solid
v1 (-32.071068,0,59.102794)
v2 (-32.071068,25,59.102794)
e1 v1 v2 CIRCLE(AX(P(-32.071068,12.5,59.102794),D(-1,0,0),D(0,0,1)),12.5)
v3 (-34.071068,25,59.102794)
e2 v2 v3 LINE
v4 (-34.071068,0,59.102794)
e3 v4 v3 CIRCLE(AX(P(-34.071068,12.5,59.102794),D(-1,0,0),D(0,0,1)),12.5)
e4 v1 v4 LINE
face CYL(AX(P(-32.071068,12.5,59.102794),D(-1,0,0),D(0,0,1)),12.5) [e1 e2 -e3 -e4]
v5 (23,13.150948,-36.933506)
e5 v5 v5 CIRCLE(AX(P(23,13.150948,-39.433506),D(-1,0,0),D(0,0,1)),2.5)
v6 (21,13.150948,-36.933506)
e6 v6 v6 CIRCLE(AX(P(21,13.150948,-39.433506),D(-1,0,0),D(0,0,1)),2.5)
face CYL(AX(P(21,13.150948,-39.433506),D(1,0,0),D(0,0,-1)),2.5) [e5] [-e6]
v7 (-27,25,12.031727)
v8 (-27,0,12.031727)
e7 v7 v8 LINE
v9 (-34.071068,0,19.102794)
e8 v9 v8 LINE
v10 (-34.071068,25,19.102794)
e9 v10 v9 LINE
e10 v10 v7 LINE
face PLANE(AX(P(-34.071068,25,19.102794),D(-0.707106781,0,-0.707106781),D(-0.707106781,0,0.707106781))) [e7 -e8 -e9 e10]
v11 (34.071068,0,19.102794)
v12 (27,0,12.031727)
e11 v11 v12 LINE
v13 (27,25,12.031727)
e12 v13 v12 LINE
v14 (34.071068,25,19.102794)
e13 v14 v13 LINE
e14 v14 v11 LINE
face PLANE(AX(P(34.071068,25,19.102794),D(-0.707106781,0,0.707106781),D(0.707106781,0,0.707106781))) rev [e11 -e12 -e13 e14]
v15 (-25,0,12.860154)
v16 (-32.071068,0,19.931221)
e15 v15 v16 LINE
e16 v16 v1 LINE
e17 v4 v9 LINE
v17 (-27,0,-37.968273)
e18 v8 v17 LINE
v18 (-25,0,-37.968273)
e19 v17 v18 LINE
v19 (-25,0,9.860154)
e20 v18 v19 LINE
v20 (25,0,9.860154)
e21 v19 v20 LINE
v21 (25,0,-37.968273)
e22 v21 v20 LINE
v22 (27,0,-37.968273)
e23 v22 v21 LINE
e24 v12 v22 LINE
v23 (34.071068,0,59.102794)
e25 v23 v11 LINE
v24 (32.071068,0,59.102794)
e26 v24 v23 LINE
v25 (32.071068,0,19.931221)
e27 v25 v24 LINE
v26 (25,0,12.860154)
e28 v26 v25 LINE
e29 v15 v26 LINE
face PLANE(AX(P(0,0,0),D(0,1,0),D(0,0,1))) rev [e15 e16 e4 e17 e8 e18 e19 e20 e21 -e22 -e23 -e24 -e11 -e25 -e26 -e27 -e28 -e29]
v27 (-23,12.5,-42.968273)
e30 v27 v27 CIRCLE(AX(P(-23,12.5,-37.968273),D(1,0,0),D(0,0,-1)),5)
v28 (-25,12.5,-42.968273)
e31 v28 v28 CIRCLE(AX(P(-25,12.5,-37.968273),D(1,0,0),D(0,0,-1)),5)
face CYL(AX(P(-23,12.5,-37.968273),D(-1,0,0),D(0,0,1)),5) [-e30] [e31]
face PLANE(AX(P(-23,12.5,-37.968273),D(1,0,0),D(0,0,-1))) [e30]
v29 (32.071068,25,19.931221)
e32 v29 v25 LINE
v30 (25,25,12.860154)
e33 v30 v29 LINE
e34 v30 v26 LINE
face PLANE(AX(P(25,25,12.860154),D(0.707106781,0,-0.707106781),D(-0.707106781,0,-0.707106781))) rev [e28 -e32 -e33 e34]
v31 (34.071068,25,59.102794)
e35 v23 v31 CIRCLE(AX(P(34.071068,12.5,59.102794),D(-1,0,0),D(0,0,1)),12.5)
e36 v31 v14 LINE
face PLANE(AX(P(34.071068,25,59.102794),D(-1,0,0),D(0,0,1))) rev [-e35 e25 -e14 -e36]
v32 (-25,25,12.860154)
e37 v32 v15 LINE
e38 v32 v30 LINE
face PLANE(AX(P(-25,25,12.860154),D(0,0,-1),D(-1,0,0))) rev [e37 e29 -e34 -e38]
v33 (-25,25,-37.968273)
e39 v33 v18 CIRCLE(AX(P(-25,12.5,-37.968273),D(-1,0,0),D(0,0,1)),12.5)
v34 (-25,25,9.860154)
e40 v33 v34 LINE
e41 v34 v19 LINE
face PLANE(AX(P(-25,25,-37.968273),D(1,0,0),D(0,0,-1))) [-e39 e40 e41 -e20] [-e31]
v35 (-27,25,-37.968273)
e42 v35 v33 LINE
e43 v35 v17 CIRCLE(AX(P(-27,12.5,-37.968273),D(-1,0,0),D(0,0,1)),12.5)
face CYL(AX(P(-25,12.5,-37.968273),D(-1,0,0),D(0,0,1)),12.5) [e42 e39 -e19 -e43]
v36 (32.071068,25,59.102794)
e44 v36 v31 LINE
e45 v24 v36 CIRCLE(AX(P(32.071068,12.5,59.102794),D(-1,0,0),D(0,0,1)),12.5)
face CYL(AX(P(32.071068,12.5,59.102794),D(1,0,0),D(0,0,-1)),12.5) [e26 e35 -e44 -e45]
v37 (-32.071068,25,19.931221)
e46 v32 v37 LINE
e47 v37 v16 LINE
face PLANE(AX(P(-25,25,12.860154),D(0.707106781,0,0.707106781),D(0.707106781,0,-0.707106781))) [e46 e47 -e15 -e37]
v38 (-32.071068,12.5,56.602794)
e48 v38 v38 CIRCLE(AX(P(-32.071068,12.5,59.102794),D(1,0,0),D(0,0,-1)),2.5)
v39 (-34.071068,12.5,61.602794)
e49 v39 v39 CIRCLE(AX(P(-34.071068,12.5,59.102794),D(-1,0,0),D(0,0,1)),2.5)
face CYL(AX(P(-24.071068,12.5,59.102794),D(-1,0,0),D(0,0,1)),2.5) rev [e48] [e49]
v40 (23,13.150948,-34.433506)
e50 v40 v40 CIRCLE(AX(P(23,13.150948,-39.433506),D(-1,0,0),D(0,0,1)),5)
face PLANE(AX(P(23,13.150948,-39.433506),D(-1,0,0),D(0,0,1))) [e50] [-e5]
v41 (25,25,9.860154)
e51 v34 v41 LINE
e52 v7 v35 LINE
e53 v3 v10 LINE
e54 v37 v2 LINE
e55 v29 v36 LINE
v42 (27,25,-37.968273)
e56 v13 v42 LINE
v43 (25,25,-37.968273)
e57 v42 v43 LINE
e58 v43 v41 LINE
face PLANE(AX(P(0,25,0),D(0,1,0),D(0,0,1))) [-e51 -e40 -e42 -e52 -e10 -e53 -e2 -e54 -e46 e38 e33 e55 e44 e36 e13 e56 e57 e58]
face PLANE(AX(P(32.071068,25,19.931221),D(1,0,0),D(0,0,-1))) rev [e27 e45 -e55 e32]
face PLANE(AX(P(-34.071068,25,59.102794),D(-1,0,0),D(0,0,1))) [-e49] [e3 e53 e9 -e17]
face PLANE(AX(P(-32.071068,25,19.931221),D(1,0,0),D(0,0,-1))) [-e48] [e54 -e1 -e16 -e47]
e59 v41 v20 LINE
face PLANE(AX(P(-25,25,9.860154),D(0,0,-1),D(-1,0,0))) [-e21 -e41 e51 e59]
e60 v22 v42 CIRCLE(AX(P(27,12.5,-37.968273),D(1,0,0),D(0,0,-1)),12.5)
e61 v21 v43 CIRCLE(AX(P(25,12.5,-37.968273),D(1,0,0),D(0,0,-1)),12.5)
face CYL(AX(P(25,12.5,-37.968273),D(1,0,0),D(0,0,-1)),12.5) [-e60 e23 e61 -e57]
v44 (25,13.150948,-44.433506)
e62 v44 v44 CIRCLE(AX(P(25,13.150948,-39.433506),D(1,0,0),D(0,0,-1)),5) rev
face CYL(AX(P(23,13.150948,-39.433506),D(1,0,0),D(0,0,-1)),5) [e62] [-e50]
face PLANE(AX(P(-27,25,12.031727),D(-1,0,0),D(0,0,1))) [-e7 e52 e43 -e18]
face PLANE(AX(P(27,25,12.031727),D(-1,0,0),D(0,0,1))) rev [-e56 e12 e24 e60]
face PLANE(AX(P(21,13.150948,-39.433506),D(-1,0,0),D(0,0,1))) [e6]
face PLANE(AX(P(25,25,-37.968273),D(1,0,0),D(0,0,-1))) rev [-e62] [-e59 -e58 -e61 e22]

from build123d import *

# Parameters (mm, degrees)
BOSS_EXTRU_1_DEPTH      = 25
BOSS_EXTRU_2_DEPTH      = 2
BOSS_EXTRU_3_DEPTH      = 2
BOSS_EXTRU_4_START      = -2
BOSS_EXTRU_4_DEPTH      = 2
BOSS_EXTRU_5_START      = -2
BOSS_EXTRU_5_DEPTH      = 2
ESQUISSE6_R             = 2.5
ENL_V_MAT_EXTRU_1_DEPTH = 10
ESQUISSE7_R             = 5
BOSS_EXTRU_6_DEPTH      = 2
ESQUISSE9_R             = 5
BOSS_EXTRU_8_DEPTH      = 2
ESQUISSE10_R            = 2.5
BOSS_EXTRU_9_DEPTH      = 2


with BuildPart() as part:
    # Esquisse1 → Boss.-Extru.1 (new body)
    with BuildSketch(Plane(origin=(0, 0, 0), x_dir=(1, 0, 0), z_dir=(0, 1, 0))):
        Polygon((-34.071067812, -59.102794325), (-34.071067812, -19.102794325), (-27, -12.031726513), (-27, 37.968273487), (-25, 37.968273487), (-25, -9.860153638), (25, -9.860153638), (25, 37.968273487), (27, 37.968273487), (27, -12.031726513), (34.071067812, -19.102794325), (34.071067812, -59.102794325), (32.071067812, -59.102794325), (32.071067812, -19.93122145), (25, -12.860153638), (-25, -12.860153638), (-32.071067812, -19.93122145), (-32.071067812, -59.102794325), align=None)
    extrude(amount=BOSS_EXTRU_1_DEPTH)

    # Esquisse2 → Boss.-Extru.2 (add)
    with BuildSketch(Plane(origin=(34.071067812, 0, 0), x_dir=(0, 0, -1), z_dir=(1, 0, 0))):
        with BuildLine():
            Line((-59.102794325, 0), (-19.102794325, 0))
            Line((-19.102794325, 0), (-19.102794325, 25))
            Line((-19.102794325, 25), (-59.102794325, 25))
            ThreePointArc((-59.102794325, 25), (-71.602794325, 12.5), (-59.102794325, 0))
        make_face()
    extrude(amount=-BOSS_EXTRU_2_DEPTH)

    # Esquisse3 → Boss.-Extru.3 (add)
    with BuildSketch(Plane(origin=(27, 0, 0), x_dir=(0, 0, -1), z_dir=(1, 0, 0))):
        with BuildLine():
            Line((37.968273487, 25), (37.968273487, 0))
            ThreePointArc((37.968273487, 0), (50.468273487, 12.5), (37.968273487, 25))
        make_face()
    extrude(amount=-BOSS_EXTRU_3_DEPTH)

    # Esquisse4 → Boss.-Extru.4 (add)
    with BuildSketch(Plane.ZY.offset(34.071067812).offset(BOSS_EXTRU_4_START)):
        with BuildLine():
            Line((59.102794325, 25), (59.102794325, 0))
            ThreePointArc((59.102794325, 0), (71.602794325, 12.5), (59.102794325, 25))
        make_face()
    extrude(amount=BOSS_EXTRU_4_DEPTH)

    # Esquisse5 → Boss.-Extru.5 (add)
    with BuildSketch(Plane.ZY.offset(27).offset(BOSS_EXTRU_5_START)):
        with BuildLine():
            Line((-37.968273487, 0), (-37.968273487, 25))
            ThreePointArc((-37.968273487, 25), (-50.468273487, 12.5), (-37.968273487, 0))
        make_face()
    extrude(amount=BOSS_EXTRU_5_DEPTH)

    # Esquisse6 → Enlèv. mat.-Extru.1 (cut)
    with BuildSketch(Plane.ZY.offset(34.071067812)):
        with Locations((59.102794325, 12.5)):
            Circle(ESQUISSE6_R)
    extrude(amount=-ENL_V_MAT_EXTRU_1_DEPTH, mode=Mode.SUBTRACT)

    # Esquisse7 → Boss.-Extru.6 (add)
    with BuildSketch(Plane(origin=(-25, 0, 0), x_dir=(0, 0, -1), z_dir=(1, 0, 0))):
        with Locations((37.968273487, 12.5)):
            Circle(ESQUISSE7_R)
    extrude(amount=BOSS_EXTRU_6_DEPTH)

    # Esquisse9 → Boss.-Extru.8 (add)
    with BuildSketch(Plane.ZY.offset(-25)):
        with Locations(Location((-39.433505518, 13.150947635, 0), (0, 0, 180))):
            Circle(ESQUISSE9_R)
    extrude(amount=BOSS_EXTRU_8_DEPTH)

    # Esquisse10 → Boss.-Extru.9 (add)
    with BuildSketch(Plane.ZY.offset(-23)):
        with Locations((-39.433505518, 13.150947635)):
            Circle(ESQUISSE10_R)
    extrude(amount=BOSS_EXTRU_9_DEPTH)


solid = part.part
